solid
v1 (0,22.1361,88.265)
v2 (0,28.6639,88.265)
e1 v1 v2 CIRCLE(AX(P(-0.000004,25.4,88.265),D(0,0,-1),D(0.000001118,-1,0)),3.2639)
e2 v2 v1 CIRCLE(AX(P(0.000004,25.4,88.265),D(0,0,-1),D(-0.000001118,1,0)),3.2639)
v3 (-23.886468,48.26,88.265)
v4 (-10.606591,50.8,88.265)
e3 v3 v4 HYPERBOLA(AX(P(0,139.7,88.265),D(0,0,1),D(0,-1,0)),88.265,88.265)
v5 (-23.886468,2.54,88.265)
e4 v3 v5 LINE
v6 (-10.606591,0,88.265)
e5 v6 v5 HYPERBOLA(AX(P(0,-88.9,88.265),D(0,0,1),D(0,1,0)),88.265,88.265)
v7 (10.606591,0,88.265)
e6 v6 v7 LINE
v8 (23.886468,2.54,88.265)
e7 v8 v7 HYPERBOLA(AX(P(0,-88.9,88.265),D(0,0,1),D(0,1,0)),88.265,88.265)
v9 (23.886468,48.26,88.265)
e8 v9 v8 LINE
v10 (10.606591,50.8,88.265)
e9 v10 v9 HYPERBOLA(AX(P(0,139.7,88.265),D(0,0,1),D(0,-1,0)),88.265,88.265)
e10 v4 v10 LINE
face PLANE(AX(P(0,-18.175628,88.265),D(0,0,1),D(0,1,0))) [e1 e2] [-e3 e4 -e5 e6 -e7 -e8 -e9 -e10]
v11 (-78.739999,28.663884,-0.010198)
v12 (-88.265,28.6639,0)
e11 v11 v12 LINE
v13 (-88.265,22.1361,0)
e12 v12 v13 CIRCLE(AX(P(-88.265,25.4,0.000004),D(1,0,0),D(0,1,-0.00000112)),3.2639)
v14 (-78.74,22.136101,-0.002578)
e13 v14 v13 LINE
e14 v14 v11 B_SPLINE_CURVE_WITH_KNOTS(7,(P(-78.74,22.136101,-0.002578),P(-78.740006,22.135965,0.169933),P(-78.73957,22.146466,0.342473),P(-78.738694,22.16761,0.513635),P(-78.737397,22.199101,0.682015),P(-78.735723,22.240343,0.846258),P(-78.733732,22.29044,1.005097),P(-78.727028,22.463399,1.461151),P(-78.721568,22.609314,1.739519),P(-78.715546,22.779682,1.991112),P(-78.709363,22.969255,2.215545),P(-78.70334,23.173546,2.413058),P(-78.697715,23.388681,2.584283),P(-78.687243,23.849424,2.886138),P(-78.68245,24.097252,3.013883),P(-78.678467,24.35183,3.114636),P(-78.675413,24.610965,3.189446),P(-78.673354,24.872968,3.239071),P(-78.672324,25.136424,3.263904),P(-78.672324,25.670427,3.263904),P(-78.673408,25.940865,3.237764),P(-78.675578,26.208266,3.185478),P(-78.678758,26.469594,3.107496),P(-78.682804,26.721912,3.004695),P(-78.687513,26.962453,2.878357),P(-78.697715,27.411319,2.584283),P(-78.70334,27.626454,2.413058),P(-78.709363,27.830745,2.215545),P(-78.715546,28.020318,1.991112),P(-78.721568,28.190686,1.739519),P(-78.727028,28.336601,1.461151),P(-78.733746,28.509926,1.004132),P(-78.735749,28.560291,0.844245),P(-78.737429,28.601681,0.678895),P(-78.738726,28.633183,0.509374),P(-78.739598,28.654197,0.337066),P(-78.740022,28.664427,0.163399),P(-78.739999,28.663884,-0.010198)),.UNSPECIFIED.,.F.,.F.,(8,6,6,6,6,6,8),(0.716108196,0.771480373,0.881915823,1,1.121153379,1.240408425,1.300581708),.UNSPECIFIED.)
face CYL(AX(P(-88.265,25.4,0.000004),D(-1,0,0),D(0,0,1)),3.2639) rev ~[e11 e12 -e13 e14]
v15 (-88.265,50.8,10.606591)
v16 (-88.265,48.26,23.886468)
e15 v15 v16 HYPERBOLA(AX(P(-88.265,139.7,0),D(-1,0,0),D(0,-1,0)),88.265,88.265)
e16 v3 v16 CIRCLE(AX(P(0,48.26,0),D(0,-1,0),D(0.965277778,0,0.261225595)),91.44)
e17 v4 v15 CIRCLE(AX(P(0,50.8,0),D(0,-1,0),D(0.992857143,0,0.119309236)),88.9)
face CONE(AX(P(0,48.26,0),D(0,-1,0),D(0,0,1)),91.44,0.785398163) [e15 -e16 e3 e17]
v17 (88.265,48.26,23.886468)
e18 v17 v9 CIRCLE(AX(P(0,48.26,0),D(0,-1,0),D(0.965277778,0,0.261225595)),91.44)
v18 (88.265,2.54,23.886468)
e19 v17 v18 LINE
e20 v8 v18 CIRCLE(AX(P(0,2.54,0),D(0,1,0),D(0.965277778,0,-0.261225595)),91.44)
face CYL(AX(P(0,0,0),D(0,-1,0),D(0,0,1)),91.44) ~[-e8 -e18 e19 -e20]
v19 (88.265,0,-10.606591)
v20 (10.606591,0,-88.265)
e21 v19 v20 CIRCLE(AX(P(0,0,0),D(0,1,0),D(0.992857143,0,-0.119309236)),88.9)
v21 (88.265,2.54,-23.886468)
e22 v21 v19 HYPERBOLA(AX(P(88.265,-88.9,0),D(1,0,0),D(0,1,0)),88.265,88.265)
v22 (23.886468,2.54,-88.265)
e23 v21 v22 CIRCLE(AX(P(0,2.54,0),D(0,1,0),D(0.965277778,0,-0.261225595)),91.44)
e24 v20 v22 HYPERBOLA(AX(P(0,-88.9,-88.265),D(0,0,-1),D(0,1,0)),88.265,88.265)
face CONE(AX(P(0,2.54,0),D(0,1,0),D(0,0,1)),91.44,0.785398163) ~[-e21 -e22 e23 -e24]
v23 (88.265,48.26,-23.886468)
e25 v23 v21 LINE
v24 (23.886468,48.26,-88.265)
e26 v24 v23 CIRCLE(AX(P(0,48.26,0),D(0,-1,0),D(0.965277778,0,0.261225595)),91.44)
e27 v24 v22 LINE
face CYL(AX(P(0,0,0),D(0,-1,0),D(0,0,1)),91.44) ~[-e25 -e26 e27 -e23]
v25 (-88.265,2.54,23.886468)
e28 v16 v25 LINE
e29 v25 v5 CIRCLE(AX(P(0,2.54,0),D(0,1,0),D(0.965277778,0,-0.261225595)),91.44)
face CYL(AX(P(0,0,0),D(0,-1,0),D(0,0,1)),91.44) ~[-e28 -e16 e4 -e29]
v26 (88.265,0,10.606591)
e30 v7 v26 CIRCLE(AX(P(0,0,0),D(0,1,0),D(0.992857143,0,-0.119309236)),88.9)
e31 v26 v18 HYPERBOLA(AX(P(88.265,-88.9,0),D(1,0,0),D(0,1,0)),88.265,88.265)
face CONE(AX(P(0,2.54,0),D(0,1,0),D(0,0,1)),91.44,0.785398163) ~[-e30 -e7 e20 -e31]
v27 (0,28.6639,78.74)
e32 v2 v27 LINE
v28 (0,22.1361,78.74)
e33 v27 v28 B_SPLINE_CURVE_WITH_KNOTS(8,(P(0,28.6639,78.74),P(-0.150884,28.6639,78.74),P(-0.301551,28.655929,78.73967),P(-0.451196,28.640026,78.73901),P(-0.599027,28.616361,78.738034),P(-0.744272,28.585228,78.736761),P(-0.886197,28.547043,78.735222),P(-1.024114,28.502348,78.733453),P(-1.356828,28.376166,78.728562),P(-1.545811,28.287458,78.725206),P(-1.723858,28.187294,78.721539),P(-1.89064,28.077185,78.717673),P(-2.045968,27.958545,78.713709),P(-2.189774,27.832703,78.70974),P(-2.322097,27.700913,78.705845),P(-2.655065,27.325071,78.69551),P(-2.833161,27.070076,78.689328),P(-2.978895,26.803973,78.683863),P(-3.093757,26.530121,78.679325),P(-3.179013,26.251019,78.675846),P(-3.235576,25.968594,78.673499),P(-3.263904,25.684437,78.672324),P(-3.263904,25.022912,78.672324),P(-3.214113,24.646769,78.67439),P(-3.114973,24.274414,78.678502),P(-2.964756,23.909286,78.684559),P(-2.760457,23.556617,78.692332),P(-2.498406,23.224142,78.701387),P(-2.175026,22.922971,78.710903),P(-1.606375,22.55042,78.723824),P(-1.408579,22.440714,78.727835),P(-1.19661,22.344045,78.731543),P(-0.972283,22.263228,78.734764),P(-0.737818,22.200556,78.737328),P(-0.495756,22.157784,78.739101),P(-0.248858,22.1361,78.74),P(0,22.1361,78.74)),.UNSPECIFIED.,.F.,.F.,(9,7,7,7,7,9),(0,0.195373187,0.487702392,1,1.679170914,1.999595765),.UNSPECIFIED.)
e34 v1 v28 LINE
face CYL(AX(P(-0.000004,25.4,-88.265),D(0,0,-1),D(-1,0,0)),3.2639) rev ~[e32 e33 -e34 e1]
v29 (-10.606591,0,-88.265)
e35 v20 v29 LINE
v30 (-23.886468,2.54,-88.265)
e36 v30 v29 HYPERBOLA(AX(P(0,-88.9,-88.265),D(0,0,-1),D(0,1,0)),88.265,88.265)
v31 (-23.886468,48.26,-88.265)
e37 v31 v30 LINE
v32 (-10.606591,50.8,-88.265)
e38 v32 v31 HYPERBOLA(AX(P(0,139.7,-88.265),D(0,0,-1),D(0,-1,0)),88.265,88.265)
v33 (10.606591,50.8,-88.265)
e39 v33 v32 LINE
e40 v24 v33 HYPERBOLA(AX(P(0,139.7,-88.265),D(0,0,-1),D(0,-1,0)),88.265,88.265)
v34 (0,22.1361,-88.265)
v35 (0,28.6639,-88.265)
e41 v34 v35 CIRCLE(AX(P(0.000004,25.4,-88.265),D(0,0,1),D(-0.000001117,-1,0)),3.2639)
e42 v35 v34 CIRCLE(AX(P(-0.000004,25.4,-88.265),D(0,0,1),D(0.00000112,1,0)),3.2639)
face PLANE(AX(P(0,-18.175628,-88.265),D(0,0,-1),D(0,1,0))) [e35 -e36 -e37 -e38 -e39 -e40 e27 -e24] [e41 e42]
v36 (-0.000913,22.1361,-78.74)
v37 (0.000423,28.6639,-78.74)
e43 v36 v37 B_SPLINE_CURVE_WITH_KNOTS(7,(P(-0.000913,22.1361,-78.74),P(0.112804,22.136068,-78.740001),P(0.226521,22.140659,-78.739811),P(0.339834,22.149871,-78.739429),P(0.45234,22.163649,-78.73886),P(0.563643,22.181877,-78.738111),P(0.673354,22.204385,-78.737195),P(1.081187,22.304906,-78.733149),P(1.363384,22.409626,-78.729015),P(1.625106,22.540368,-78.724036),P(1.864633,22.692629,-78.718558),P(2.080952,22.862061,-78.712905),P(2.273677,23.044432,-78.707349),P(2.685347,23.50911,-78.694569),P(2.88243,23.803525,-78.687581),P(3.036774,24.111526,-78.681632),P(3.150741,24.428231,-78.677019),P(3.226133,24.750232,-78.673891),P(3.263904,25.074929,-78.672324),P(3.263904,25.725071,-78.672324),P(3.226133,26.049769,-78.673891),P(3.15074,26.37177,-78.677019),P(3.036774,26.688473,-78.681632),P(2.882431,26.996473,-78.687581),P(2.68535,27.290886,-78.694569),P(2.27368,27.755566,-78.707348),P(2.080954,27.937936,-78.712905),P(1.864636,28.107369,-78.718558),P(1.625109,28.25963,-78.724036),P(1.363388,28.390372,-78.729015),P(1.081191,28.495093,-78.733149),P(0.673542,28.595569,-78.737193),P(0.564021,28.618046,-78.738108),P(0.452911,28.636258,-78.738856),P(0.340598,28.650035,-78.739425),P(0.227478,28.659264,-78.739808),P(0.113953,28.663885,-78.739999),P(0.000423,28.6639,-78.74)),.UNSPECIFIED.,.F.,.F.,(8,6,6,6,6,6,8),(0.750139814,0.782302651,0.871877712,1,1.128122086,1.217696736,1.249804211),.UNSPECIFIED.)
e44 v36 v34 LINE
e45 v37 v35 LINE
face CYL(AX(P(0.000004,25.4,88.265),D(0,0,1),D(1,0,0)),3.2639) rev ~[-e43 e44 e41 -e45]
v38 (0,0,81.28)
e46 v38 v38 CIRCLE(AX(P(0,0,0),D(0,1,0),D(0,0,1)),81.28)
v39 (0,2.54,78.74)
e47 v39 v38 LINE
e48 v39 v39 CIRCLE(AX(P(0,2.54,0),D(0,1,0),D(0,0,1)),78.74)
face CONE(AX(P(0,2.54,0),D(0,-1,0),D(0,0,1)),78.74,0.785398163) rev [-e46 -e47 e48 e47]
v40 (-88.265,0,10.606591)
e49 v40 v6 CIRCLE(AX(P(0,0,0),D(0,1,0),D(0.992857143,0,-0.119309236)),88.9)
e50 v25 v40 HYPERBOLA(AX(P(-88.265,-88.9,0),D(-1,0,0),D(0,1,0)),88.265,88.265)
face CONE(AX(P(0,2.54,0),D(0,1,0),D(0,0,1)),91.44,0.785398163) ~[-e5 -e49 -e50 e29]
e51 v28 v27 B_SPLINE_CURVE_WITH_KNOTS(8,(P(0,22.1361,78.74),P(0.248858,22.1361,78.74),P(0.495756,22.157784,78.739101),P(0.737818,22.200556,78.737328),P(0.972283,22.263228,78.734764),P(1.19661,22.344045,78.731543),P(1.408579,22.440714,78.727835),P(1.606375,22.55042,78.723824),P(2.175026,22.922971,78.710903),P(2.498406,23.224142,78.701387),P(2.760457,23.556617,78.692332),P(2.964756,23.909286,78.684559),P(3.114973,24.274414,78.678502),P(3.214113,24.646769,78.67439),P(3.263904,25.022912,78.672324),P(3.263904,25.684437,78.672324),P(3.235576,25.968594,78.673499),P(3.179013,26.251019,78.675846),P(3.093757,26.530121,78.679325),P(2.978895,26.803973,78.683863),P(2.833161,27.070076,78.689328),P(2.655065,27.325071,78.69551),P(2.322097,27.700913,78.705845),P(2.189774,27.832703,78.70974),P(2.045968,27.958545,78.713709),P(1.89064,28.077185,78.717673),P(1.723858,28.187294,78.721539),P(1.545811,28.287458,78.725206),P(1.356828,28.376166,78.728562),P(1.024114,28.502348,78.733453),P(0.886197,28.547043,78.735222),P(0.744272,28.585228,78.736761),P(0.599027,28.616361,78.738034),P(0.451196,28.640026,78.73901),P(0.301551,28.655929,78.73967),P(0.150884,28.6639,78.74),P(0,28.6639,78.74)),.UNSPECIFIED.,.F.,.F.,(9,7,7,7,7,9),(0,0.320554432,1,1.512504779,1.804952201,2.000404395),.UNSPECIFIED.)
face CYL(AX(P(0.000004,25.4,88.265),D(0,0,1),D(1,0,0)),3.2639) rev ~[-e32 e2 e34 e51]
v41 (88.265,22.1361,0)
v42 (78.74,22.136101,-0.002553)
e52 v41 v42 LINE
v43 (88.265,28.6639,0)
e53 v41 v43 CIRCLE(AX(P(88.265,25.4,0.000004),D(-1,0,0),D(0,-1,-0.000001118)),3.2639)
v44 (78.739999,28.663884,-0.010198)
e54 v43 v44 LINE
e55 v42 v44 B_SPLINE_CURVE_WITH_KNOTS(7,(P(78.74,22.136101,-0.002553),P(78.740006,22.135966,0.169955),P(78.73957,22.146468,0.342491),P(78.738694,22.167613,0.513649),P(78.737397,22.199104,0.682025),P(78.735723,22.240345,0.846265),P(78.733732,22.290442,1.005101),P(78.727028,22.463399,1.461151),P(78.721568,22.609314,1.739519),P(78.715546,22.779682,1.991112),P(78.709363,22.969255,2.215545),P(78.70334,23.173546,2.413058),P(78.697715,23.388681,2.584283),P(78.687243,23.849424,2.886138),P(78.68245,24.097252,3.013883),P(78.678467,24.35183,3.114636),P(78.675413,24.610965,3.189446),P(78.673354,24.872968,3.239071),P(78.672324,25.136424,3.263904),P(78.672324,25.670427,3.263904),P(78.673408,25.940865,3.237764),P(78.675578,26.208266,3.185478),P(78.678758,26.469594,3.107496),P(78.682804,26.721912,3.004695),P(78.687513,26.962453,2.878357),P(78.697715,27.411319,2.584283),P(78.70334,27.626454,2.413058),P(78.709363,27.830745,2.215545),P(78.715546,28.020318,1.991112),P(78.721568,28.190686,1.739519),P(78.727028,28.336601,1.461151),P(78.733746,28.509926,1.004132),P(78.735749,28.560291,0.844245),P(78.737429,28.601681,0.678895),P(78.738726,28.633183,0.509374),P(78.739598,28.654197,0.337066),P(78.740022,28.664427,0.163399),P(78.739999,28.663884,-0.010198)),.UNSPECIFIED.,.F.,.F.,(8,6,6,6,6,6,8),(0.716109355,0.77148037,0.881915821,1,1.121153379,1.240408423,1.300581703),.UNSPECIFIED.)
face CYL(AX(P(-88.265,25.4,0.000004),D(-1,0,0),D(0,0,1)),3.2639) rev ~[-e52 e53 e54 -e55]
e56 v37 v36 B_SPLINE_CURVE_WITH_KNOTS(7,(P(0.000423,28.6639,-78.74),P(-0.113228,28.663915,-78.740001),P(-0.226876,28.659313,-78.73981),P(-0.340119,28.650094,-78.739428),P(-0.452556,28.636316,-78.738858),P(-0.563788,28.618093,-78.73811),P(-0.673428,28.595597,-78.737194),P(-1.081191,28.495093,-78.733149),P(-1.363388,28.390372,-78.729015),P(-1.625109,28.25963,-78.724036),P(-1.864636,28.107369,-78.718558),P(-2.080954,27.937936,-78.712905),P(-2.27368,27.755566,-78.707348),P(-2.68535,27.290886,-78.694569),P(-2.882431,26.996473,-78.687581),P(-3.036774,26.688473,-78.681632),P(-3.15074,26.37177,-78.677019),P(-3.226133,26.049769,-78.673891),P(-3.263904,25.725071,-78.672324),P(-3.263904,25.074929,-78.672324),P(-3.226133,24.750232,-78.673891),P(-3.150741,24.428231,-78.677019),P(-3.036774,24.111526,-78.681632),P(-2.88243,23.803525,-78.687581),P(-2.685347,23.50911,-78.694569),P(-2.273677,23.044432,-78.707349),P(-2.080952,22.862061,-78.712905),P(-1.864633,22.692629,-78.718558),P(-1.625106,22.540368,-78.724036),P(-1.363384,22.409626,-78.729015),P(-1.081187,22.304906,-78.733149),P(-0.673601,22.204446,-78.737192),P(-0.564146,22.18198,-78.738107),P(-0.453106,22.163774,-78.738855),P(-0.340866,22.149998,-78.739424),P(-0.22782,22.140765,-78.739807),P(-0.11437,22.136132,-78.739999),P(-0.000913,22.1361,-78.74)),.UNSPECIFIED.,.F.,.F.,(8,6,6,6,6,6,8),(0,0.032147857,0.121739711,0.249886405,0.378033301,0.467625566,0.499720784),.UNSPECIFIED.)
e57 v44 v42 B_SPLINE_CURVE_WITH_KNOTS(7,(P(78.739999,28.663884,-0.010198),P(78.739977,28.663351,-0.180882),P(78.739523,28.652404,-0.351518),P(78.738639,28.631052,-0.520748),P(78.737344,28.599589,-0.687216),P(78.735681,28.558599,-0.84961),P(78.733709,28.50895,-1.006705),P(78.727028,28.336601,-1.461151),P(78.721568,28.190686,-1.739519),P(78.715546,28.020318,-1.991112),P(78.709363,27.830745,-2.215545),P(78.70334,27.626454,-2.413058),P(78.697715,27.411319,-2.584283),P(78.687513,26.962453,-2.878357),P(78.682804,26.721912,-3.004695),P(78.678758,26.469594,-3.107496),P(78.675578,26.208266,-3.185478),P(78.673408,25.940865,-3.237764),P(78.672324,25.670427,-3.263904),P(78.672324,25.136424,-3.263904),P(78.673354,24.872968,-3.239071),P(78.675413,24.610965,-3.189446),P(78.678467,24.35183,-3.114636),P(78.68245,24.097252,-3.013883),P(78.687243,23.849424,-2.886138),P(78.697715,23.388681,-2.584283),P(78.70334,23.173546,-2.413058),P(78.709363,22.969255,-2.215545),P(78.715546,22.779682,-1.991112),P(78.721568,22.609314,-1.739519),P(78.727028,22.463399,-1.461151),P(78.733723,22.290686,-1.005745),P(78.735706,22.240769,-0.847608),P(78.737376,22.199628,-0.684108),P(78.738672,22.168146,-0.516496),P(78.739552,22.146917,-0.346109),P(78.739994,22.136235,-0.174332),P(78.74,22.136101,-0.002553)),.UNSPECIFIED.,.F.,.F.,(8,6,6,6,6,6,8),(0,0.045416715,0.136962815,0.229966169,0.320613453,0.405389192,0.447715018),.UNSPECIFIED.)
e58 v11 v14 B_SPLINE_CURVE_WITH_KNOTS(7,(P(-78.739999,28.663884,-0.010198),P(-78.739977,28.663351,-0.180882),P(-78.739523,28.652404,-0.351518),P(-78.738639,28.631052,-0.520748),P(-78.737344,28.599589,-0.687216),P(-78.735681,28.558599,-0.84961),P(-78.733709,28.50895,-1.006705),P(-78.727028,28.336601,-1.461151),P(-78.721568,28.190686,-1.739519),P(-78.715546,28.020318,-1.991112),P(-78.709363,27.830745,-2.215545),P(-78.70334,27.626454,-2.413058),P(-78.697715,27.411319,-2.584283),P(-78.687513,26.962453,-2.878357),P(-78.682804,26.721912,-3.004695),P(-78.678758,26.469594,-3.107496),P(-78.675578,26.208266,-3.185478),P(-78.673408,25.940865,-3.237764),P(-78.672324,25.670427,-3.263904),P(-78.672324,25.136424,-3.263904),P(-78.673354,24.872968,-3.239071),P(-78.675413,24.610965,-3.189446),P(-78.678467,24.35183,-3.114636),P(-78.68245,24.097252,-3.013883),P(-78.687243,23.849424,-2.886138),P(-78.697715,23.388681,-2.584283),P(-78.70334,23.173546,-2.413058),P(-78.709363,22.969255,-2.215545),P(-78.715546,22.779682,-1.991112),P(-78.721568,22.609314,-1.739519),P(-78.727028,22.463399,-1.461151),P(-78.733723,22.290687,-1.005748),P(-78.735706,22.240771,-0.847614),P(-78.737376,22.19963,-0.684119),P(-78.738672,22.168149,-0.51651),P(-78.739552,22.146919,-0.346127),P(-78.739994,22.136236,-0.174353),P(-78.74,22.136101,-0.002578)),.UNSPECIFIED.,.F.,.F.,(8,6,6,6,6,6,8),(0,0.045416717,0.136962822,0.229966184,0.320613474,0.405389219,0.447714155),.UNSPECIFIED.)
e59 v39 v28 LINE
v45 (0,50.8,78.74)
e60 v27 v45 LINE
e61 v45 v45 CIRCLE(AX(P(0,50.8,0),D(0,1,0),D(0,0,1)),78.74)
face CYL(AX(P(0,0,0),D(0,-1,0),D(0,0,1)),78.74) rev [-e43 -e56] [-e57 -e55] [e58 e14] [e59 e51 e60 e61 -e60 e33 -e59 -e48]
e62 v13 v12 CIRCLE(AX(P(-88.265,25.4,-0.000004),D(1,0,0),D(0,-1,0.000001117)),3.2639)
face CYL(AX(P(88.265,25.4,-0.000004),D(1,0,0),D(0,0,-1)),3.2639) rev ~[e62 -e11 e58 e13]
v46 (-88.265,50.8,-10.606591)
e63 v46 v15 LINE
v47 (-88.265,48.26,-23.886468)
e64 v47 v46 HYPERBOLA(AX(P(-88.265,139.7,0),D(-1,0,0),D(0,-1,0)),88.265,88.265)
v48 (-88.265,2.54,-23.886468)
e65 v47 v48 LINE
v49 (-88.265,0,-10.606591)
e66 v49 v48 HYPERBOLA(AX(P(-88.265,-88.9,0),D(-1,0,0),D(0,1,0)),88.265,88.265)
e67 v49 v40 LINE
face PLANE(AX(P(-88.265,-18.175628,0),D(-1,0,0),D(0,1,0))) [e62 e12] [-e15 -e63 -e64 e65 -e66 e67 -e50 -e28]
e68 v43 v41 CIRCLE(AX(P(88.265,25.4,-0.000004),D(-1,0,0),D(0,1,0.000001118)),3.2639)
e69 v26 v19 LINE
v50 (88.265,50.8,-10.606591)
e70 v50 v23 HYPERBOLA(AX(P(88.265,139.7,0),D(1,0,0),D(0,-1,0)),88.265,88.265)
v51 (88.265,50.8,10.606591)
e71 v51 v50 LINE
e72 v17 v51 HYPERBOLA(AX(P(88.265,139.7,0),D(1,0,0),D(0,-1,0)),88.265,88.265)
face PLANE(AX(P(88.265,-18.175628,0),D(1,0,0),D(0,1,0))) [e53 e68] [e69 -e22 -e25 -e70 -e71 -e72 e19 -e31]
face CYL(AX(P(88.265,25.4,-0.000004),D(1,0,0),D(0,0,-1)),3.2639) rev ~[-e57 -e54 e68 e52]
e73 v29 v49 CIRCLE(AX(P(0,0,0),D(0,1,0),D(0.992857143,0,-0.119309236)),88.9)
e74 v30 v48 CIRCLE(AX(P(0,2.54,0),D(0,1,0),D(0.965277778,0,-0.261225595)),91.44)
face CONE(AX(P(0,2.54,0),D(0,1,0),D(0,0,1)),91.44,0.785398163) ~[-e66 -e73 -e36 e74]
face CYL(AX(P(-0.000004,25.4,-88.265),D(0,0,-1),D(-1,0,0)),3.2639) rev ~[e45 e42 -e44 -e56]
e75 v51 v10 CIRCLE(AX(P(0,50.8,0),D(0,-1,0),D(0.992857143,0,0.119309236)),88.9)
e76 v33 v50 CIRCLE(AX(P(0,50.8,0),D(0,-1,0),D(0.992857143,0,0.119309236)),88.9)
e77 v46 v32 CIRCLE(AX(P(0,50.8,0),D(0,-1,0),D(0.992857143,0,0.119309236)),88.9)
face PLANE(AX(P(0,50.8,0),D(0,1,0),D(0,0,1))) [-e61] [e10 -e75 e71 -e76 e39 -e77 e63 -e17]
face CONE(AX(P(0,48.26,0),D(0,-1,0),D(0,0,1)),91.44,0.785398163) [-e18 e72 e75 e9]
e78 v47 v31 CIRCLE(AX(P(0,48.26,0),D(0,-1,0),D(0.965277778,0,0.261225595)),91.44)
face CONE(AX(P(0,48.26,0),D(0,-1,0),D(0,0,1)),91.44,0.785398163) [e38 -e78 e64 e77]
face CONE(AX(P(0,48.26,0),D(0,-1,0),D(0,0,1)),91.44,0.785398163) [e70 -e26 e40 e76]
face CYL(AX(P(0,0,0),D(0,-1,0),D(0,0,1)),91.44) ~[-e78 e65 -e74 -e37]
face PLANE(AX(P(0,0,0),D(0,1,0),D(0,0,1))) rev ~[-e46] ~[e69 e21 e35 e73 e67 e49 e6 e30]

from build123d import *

# Parameters (mm, degrees)
SKETCH1_R           = 91.44
SKETCH1_R_2         = 78.74
BOSS_EXTRUDE1_DEPTH = 50.8
CHAMFER1_SIZE       = 2.54
SKETCH2_W           = 16.258151814
SKETCH2_H           = 87.529352209
CUT_EXTRUDE1_DEPTH  = 127
CIRPATTERN1_COUNT   = 4
SKETCH3_R           = 3.2639
CUT_EXTRUDE2_DEPTH  = 204.799389413
CIRPATTERN2_COUNT   = 4


with BuildPart() as part:
    # Sketch1 → Boss-Extrude1 (new body)
    with BuildSketch(Plane(origin=(0, 0, 0), x_dir=(1, 0, 0), z_dir=(0, 1, 0))):
        with Locations(Location((0, 0, 0), (0, 0, 270))):
            Circle(SKETCH1_R)
        with Locations(Location((0, 0, 0), (0, 0, 270))):
            Circle(SKETCH1_R_2, mode=Mode.SUBTRACT)
    extrude(amount=BOSS_EXTRUDE1_DEPTH)

    # Chamfer1
    chamfer1_edges = [part.edges().sort_by_distance(p)[0] for p in [
        (0, 0, -91.44),
        (0, 50.8, -91.44),
        (0, 0, -78.74),
    ]]
    chamfer(chamfer1_edges, length=CHAMFER1_SIZE)

    # Sketch2 → Cut-Extrude1 (cut, symmetric)
    with BuildSketch(Plane.XY):
        with Locations((96.394075907, 25.589048277)):
            Rectangle(SKETCH2_W, SKETCH2_H)
    cut_extrude1 = extrude(amount=CUT_EXTRUDE1_DEPTH, both=True, mode=Mode.SUBTRACT)

    # CirPattern1: Cut-Extrude1 ×4 about axis
    cirpattern1_axis = Axis((0, 0, 0), (0, 1, 0))
    for i in range(1, CIRPATTERN1_COUNT):
        add(cut_extrude1.rotate(cirpattern1_axis, i * 360 / CIRPATTERN1_COUNT), mode=Mode.SUBTRACT)

    # Sketch3 → Cut-Extrude2 (cut, through all)
    with BuildSketch(Plane(origin=(0, 0, -88.265), x_dir=(-1, 0, 0), z_dir=(0, 0, -1))):
        with Locations((3.65e-06, 25.4)):
            Circle(SKETCH3_R)
    cut_extrude2 = extrude(amount=-CUT_EXTRUDE2_DEPTH, mode=Mode.SUBTRACT)

    # CirPattern2: Cut-Extrude2 ×4 about axis
    cirpattern2_axis = Axis((0, 50.8, 0), (0, 1, 0))
    for i in range(1, CIRPATTERN2_COUNT):
        add(cut_extrude2.rotate(cirpattern2_axis, i * 360 / CIRPATTERN2_COUNT), mode=Mode.SUBTRACT)


solid = part.part
